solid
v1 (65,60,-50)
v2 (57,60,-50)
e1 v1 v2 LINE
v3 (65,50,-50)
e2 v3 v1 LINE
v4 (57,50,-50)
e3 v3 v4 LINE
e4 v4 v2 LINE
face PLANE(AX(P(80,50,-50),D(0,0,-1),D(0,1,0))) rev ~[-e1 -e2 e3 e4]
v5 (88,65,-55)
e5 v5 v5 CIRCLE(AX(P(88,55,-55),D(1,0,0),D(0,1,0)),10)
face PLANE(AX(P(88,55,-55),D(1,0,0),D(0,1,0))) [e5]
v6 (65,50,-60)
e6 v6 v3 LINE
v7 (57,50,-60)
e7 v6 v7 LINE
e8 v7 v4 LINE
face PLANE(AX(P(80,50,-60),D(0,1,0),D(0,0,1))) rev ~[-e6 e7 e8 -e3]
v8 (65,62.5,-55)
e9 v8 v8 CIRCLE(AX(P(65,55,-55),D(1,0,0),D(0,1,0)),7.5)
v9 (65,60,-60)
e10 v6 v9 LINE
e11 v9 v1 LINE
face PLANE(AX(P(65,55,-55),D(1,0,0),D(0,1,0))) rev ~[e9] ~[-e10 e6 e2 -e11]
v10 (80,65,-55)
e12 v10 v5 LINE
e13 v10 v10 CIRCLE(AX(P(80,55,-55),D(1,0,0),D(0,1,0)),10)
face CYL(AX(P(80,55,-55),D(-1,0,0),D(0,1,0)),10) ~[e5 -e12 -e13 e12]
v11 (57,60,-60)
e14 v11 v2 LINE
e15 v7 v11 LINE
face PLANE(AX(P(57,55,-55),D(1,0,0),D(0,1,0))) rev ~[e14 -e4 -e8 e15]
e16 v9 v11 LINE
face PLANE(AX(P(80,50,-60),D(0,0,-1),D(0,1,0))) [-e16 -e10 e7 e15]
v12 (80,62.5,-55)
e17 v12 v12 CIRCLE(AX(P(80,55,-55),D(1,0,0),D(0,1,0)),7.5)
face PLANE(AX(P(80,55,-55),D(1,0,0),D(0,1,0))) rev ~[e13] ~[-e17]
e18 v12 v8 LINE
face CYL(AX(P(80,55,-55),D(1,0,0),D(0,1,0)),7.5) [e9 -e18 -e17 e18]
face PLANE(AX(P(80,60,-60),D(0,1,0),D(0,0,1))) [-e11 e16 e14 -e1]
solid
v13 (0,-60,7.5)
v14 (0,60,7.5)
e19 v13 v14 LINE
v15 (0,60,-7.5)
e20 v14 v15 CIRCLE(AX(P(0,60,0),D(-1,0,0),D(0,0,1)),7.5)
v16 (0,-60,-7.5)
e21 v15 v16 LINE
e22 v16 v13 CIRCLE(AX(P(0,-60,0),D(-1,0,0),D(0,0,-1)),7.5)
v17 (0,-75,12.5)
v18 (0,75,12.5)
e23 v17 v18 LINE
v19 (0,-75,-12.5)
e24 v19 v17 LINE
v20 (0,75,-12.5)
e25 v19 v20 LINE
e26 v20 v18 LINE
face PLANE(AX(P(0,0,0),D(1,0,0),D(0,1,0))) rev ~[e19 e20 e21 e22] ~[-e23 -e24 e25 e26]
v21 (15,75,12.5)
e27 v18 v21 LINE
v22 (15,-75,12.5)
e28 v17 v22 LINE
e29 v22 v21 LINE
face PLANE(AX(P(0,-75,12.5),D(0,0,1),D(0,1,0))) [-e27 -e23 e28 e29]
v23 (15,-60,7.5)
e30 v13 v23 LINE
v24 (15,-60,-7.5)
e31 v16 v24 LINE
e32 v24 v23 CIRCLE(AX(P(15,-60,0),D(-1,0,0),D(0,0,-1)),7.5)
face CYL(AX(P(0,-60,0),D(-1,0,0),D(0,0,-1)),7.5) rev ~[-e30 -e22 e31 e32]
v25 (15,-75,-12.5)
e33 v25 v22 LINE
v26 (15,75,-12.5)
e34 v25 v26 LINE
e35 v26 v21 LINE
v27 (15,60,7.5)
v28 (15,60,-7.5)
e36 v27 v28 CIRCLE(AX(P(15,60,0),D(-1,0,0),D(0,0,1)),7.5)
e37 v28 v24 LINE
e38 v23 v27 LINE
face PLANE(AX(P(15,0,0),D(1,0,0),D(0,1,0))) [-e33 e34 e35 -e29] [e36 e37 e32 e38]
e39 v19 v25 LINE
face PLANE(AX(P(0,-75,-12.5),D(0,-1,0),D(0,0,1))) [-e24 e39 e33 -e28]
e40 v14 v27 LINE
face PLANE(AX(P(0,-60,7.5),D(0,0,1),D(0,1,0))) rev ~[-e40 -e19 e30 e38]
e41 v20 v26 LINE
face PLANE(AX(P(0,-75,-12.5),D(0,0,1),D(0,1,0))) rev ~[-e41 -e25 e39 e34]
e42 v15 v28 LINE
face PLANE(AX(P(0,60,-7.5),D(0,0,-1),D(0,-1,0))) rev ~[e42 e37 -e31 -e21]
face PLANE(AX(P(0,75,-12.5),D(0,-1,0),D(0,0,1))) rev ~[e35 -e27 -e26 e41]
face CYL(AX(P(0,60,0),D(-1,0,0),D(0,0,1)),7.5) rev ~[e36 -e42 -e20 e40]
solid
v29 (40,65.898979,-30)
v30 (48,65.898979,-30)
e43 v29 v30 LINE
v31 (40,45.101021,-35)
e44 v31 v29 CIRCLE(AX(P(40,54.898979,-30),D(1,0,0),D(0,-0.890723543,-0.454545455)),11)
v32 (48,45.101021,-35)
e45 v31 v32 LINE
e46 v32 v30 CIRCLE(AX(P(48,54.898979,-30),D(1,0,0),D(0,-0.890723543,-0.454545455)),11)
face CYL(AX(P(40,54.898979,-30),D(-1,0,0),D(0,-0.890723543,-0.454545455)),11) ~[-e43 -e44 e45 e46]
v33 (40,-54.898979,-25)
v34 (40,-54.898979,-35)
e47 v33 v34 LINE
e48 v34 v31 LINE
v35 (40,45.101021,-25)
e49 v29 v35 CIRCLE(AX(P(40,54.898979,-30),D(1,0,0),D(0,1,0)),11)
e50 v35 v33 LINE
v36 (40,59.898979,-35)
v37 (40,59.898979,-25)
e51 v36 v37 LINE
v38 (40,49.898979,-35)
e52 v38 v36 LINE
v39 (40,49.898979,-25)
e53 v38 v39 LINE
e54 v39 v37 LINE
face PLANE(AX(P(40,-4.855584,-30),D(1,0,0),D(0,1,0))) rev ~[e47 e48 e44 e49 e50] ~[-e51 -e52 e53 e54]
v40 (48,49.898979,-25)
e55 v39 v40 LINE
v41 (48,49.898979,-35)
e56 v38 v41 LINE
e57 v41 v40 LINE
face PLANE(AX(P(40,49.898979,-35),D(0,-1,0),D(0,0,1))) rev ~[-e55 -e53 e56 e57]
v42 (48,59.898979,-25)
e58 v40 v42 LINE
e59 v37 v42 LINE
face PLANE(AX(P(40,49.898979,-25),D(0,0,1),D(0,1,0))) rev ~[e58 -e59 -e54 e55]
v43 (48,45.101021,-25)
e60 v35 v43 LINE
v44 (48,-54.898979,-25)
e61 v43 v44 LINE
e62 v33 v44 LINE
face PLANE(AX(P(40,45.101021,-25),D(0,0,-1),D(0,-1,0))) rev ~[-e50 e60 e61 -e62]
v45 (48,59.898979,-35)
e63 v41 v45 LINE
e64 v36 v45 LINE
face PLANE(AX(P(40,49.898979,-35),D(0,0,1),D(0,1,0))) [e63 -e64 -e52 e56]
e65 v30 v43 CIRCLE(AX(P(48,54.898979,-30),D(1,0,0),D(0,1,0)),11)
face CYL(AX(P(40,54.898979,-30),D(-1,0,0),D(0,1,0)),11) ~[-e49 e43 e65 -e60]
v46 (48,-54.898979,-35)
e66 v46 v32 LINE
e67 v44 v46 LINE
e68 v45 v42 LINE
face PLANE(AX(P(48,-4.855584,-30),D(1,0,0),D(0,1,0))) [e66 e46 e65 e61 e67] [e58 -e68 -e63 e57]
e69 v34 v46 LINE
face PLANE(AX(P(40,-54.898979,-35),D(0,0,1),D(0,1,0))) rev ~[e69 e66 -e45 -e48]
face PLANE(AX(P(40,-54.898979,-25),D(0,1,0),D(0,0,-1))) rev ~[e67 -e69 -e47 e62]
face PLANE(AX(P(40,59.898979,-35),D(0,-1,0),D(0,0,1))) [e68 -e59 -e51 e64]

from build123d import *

# Parameters (mm, degrees)
F0_W     = 150
F0_H     = 25
F1_DEPTH = 15
F3_W     = 10
F3_H     = 10
F4_DEPTH = 8
F6_R     = 10
F6_R_2   = 7.5
F6_W     = 10
F6_H     = 10
F7_DEPTH = 8
F8_DEPTH = 15
F9_DEPTH = 23


with BuildPart() as f1:
    # F0 (on Right) → F1 (new body)
    with BuildSketch(Plane.YZ):
        Rectangle(F0_W, F0_H)
        with BuildLine():
            Line((-60, 7.5), (60, 7.5))
            ThreePointArc((60, 7.5), (67.5, 0), (60, -7.5))
            Line((60, -7.5), (-60, -7.5))
            ThreePointArc((-60, -7.5), (-67.5, 0), (-60, 7.5))
        make_face(mode=Mode.SUBTRACT)
    extrude(amount=F1_DEPTH)


with BuildPart() as f4:
    # F3 (on offset) → F4 (new body)
    with BuildSketch(Plane.YZ.offset(40)):
        with BuildLine():
            ThreePointArc((45.1010205144, -35), (43.8989794856, -30), (45.1010205144, -25))
            Line((45.1010205144, -25), (-54.8989794856, -25))
            Line((-54.8989794856, -25), (-54.8989794856, -35))
            Line((-54.8989794856, -35), (45.1010205144, -35))
        make_face()
        with BuildLine():
            ThreePointArc((65.8989794856, -30), (57.470209864, -19.304731217), (45.1010205144, -25))
            ThreePointArc((45.1010205144, -25), (43.8989794856, -30), (45.1010205144, -35))
            ThreePointArc((45.1010205144, -35), (57.470209864, -40.695268783), (65.8989794856, -30))
        make_face()
        with Locations((54.8989794856, -30)):
            Rectangle(F3_W, F3_H, mode=Mode.SUBTRACT)
    extrude(amount=F4_DEPTH)


with BuildPart() as f7:
    # F6 (on offset) → F7 (new body)
    with BuildSketch(Plane.YZ.offset(80)):
        with Locations((55, -55)):
            Circle(F6_R)
        with Locations((55, -55)):
            Circle(F6_R_2, mode=Mode.SUBTRACT)
        with Locations((55, -55)):
            Circle(F6_R_2)
        with Locations((55, -55)):
            Rectangle(F6_W, F6_H, mode=Mode.SUBTRACT)
        with Locations((55, -55)):
            Rectangle(F6_W, F6_H)
    extrude(amount=F7_DEPTH)

    # F6 (on offset) → F8 (join)
    with BuildSketch(Plane.YZ.offset(80)):
        with Locations((55, -55)):
            Circle(F6_R_2)
        with Locations((55, -55)):
            Rectangle(F6_W, F6_H, mode=Mode.SUBTRACT)
        with Locations((55, -55)):
            Rectangle(F6_W, F6_H)
    extrude(amount=-F8_DEPTH)

    # F6 (on offset) → F9 (join)
    with BuildSketch(Plane.YZ.offset(80)):
        with Locations((55, -55)):
            Rectangle(F6_W, F6_H)
    extrude(amount=-F9_DEPTH)


solid = Compound([f1.part, f4.part, f7.part])
